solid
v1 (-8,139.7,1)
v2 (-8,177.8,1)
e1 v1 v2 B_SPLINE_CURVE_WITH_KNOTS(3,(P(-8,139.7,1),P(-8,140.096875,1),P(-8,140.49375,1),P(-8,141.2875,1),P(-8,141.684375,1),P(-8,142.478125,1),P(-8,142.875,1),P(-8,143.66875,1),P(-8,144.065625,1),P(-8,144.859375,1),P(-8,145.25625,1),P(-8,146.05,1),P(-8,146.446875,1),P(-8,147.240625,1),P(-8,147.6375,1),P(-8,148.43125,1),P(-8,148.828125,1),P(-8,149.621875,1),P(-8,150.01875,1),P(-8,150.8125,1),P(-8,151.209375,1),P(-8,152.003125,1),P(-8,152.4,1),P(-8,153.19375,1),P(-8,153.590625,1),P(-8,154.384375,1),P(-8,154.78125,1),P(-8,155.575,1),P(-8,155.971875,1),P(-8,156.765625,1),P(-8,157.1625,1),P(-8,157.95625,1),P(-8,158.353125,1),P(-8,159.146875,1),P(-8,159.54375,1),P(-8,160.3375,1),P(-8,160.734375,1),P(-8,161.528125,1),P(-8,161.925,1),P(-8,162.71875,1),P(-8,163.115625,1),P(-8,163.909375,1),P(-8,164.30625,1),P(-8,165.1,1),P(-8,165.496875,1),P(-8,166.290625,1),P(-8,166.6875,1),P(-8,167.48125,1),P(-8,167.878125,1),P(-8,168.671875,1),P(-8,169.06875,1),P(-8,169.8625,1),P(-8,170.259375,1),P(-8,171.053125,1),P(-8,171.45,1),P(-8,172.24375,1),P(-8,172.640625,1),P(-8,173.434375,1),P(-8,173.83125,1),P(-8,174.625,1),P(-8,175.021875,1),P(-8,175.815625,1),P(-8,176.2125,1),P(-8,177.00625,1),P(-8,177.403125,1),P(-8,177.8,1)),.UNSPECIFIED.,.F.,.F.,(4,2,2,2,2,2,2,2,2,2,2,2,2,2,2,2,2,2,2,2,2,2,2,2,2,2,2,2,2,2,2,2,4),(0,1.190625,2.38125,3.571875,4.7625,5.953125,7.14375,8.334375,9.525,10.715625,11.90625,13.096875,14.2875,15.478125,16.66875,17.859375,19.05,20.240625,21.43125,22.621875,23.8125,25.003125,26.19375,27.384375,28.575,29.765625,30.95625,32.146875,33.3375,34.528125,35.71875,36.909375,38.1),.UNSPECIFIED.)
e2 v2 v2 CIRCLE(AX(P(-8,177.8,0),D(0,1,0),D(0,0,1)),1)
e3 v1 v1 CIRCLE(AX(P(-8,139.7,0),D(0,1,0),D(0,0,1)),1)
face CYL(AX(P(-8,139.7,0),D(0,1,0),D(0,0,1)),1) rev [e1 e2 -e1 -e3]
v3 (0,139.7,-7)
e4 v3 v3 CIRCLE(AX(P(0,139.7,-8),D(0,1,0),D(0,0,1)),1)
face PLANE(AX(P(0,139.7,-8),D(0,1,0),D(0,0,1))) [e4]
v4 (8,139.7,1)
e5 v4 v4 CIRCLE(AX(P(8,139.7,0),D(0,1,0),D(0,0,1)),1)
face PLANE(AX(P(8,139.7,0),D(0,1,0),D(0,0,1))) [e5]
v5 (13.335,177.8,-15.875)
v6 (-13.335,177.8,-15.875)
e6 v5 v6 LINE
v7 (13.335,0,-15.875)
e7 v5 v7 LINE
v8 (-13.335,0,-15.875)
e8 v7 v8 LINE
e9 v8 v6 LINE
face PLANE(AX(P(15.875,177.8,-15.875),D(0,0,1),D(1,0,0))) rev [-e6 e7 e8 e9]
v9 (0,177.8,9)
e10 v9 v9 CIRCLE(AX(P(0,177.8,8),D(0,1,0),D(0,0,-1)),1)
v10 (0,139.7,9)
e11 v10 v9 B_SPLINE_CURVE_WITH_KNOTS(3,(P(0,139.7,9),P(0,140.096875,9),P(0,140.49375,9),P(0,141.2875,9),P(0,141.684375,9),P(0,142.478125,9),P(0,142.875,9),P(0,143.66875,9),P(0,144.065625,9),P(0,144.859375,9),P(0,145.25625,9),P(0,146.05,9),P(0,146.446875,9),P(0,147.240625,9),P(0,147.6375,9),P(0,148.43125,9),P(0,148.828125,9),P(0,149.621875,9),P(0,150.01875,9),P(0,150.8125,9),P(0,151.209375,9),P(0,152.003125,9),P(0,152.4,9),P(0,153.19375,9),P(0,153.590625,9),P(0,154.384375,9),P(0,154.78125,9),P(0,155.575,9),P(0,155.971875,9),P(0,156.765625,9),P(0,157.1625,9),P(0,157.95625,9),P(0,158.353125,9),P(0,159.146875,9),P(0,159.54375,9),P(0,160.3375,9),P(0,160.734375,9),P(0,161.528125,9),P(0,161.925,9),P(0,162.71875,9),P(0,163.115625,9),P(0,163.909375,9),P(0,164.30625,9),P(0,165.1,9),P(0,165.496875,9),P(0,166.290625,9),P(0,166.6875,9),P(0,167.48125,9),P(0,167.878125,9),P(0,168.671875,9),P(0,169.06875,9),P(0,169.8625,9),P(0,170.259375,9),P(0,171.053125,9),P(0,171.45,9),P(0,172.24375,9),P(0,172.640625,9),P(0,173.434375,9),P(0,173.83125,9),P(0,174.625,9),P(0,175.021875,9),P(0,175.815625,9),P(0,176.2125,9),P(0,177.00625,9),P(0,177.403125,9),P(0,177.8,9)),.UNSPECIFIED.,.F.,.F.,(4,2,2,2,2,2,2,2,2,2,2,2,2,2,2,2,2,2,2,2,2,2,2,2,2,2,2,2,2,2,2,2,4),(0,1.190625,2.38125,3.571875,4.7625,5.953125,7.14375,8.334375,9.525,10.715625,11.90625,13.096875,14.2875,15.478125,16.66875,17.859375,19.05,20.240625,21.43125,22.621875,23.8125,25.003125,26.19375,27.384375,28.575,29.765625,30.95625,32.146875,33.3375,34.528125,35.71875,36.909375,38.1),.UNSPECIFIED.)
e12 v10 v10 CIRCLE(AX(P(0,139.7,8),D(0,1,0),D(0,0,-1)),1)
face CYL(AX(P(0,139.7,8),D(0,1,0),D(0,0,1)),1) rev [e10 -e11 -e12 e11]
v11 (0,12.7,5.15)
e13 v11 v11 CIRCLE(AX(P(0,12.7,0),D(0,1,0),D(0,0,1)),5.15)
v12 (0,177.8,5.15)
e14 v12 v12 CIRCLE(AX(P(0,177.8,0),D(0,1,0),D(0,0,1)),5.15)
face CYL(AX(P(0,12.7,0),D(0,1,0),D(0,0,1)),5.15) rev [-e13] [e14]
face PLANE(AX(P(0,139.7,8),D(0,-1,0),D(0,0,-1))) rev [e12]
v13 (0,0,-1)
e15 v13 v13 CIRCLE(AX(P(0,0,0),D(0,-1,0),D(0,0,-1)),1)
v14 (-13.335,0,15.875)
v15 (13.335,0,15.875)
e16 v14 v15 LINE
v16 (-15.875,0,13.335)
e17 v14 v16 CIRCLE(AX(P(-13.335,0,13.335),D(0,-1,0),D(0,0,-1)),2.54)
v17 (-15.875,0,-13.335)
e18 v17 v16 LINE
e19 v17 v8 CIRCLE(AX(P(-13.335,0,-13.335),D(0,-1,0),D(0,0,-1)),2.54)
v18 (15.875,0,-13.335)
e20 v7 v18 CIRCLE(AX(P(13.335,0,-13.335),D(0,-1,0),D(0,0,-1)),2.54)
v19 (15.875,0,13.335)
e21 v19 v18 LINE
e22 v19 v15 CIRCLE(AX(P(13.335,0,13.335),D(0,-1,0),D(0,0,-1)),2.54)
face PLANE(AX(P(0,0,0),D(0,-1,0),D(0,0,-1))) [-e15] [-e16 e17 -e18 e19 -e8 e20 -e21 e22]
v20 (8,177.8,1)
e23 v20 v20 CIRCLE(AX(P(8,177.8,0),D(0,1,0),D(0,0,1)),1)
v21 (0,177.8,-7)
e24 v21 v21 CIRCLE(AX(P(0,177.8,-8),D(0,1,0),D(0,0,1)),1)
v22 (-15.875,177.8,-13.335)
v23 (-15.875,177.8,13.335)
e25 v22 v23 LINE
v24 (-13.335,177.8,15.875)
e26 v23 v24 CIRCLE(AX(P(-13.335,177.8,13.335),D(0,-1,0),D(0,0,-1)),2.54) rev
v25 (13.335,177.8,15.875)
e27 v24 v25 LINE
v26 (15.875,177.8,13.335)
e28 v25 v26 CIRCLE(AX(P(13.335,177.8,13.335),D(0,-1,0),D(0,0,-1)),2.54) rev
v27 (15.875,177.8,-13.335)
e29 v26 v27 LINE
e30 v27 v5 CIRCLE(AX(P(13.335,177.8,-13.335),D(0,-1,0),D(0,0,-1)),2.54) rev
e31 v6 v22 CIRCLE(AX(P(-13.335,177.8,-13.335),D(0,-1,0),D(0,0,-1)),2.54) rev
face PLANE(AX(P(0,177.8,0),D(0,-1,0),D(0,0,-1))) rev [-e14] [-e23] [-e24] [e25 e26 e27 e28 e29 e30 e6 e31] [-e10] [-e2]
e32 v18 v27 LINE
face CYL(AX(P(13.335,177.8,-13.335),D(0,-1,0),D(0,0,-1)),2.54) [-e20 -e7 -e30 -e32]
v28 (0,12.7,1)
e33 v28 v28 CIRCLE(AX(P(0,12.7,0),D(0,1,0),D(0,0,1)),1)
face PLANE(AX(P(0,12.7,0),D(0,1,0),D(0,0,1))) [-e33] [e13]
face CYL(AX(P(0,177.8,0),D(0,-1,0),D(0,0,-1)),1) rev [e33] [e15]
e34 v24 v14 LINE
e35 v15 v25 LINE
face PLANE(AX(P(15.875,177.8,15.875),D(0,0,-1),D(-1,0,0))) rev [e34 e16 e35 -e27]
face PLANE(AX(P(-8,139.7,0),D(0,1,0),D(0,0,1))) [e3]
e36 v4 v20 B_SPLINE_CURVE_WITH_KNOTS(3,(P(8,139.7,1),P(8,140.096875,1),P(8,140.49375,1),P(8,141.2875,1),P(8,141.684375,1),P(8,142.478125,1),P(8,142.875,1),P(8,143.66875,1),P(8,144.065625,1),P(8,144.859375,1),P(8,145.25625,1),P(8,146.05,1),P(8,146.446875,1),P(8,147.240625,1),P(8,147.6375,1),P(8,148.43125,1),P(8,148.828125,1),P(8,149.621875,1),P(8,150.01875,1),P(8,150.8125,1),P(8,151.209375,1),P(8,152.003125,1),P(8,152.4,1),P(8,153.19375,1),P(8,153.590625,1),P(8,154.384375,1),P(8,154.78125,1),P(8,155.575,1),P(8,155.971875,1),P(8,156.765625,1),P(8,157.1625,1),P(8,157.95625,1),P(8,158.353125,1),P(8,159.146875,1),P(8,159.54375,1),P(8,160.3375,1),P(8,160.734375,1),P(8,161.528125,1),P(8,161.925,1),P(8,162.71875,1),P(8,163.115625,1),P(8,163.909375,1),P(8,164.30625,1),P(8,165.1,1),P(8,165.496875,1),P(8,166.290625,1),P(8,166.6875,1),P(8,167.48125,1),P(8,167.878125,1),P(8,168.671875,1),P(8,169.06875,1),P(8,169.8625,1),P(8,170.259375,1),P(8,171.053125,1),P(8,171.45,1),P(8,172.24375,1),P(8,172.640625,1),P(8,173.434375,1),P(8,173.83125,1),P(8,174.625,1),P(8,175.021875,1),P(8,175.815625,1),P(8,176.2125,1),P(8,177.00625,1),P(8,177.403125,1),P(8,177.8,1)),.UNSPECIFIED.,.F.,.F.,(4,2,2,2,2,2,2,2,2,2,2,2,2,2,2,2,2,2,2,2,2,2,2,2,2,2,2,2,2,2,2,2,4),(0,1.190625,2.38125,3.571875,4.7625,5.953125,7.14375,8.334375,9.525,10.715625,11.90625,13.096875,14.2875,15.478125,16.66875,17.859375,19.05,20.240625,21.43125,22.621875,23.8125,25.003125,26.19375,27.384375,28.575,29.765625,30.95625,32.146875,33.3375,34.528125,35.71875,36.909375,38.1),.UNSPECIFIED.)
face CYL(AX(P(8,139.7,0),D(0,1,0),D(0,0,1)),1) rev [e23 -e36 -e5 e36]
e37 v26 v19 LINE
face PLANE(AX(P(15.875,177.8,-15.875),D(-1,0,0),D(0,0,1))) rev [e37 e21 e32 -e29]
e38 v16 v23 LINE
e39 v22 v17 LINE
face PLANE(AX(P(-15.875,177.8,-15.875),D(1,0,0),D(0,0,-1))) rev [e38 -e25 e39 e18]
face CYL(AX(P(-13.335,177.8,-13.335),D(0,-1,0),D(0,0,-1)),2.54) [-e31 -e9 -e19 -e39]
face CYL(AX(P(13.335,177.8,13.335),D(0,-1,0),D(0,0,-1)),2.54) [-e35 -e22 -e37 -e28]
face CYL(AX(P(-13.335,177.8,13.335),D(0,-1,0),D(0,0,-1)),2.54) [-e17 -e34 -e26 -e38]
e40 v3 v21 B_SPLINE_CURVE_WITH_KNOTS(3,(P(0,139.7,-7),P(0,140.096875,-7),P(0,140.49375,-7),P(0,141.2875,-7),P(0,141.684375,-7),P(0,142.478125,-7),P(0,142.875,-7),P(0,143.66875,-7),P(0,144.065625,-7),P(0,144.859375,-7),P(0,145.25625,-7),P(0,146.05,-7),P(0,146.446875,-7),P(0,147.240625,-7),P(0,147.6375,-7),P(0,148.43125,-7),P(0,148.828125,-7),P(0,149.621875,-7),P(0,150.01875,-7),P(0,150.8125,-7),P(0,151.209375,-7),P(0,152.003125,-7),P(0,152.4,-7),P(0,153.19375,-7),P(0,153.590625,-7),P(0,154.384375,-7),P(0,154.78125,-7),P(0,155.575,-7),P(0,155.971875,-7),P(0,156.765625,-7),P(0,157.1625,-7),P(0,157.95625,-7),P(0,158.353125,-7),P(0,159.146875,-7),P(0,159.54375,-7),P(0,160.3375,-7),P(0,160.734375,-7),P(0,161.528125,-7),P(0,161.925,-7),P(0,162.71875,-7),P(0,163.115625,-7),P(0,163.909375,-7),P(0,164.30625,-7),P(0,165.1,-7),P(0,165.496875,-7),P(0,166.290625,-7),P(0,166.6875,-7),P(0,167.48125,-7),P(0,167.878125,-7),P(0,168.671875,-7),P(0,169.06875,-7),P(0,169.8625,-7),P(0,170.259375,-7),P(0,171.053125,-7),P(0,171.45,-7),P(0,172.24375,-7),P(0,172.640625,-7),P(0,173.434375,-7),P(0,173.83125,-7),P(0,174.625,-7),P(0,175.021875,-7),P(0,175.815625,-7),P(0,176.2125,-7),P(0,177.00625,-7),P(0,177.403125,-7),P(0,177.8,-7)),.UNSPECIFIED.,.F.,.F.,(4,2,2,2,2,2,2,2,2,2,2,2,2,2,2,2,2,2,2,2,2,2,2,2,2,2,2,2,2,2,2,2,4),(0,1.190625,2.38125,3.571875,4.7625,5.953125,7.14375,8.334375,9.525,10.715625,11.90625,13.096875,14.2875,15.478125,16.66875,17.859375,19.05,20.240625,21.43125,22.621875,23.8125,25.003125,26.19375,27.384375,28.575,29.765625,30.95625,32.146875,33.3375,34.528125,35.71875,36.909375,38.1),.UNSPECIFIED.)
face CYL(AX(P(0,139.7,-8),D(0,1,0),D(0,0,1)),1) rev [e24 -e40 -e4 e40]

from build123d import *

# Parameters (mm, degrees)
SKETCH1_W           = 31.75
SKETCH1_H           = 31.75
BOSS_EXTRUDE1_DEPTH = 177.8
SKETCH2_R           = 1
CUT_EXTRUDE1_DEPTH  = 38.1
FILLET1_R           = 2.54
SKETCH3_R           = 5.15
CUT_EXTRUDE2_DEPTH  = 165.1
SKETCH4_R           = 1
CUT_EXTRUDE3_DEPTH  = 180.211805554


with BuildPart() as part:
    # Sketch1 → Boss-Extrude1 (new body)
    with BuildSketch(Plane(origin=(0, 0, 0), x_dir=(1, 0, 0), z_dir=(0, 1, 0))):
        Rectangle(SKETCH1_W, SKETCH1_H)
    extrude(amount=BOSS_EXTRUDE1_DEPTH)

    # Sketch2 → Cut-Extrude1 (cut)
    with BuildSketch(Plane(origin=(0, 177.8, 0), x_dir=(1, 0, 0), z_dir=(0, 1, 0))):
        with Locations(Location((0, 8, 0), (0, 0, 270))):
            Circle(SKETCH2_R)
        with Locations(Location((0, -8, 0), (0, 0, 270))):
            Circle(SKETCH2_R)
        with Locations(Location((-8, 0, 0), (0, 0, 270))):
            Circle(SKETCH2_R)
        with Locations(Location((8, 0, 0), (0, 0, 270))):
            Circle(SKETCH2_R)
    extrude(amount=-CUT_EXTRUDE1_DEPTH, mode=Mode.SUBTRACT)

    # Fillet1
    fillet1_edges = [part.edges().sort_by_distance(p)[0] for p in [
        (-15.875, 88.9, -15.875),
        (15.875, 88.9, -15.875),
        (15.875, 88.9, 15.875),
        (-15.875, 88.9, 15.875),
    ]]
    fillet(fillet1_edges, radius=FILLET1_R)

    # Sketch3 → Cut-Extrude2 (cut)
    with BuildSketch(Plane(origin=(0, 177.8, 0), x_dir=(1, 0, 0), z_dir=(0, 1, 0))):
        with Locations(Location((0, 0, 0), (0, 0, 270))):
            Circle(SKETCH3_R)
    extrude(amount=-CUT_EXTRUDE2_DEPTH, mode=Mode.SUBTRACT)

    # Sketch4 → Cut-Extrude3 (cut, through all)
    with BuildSketch(Plane.XZ):
        with Locations(Location((0, 0, 0), (0, 0, 270))):
            Circle(SKETCH4_R)
    extrude(amount=-CUT_EXTRUDE3_DEPTH, mode=Mode.SUBTRACT)


solid = part.part
